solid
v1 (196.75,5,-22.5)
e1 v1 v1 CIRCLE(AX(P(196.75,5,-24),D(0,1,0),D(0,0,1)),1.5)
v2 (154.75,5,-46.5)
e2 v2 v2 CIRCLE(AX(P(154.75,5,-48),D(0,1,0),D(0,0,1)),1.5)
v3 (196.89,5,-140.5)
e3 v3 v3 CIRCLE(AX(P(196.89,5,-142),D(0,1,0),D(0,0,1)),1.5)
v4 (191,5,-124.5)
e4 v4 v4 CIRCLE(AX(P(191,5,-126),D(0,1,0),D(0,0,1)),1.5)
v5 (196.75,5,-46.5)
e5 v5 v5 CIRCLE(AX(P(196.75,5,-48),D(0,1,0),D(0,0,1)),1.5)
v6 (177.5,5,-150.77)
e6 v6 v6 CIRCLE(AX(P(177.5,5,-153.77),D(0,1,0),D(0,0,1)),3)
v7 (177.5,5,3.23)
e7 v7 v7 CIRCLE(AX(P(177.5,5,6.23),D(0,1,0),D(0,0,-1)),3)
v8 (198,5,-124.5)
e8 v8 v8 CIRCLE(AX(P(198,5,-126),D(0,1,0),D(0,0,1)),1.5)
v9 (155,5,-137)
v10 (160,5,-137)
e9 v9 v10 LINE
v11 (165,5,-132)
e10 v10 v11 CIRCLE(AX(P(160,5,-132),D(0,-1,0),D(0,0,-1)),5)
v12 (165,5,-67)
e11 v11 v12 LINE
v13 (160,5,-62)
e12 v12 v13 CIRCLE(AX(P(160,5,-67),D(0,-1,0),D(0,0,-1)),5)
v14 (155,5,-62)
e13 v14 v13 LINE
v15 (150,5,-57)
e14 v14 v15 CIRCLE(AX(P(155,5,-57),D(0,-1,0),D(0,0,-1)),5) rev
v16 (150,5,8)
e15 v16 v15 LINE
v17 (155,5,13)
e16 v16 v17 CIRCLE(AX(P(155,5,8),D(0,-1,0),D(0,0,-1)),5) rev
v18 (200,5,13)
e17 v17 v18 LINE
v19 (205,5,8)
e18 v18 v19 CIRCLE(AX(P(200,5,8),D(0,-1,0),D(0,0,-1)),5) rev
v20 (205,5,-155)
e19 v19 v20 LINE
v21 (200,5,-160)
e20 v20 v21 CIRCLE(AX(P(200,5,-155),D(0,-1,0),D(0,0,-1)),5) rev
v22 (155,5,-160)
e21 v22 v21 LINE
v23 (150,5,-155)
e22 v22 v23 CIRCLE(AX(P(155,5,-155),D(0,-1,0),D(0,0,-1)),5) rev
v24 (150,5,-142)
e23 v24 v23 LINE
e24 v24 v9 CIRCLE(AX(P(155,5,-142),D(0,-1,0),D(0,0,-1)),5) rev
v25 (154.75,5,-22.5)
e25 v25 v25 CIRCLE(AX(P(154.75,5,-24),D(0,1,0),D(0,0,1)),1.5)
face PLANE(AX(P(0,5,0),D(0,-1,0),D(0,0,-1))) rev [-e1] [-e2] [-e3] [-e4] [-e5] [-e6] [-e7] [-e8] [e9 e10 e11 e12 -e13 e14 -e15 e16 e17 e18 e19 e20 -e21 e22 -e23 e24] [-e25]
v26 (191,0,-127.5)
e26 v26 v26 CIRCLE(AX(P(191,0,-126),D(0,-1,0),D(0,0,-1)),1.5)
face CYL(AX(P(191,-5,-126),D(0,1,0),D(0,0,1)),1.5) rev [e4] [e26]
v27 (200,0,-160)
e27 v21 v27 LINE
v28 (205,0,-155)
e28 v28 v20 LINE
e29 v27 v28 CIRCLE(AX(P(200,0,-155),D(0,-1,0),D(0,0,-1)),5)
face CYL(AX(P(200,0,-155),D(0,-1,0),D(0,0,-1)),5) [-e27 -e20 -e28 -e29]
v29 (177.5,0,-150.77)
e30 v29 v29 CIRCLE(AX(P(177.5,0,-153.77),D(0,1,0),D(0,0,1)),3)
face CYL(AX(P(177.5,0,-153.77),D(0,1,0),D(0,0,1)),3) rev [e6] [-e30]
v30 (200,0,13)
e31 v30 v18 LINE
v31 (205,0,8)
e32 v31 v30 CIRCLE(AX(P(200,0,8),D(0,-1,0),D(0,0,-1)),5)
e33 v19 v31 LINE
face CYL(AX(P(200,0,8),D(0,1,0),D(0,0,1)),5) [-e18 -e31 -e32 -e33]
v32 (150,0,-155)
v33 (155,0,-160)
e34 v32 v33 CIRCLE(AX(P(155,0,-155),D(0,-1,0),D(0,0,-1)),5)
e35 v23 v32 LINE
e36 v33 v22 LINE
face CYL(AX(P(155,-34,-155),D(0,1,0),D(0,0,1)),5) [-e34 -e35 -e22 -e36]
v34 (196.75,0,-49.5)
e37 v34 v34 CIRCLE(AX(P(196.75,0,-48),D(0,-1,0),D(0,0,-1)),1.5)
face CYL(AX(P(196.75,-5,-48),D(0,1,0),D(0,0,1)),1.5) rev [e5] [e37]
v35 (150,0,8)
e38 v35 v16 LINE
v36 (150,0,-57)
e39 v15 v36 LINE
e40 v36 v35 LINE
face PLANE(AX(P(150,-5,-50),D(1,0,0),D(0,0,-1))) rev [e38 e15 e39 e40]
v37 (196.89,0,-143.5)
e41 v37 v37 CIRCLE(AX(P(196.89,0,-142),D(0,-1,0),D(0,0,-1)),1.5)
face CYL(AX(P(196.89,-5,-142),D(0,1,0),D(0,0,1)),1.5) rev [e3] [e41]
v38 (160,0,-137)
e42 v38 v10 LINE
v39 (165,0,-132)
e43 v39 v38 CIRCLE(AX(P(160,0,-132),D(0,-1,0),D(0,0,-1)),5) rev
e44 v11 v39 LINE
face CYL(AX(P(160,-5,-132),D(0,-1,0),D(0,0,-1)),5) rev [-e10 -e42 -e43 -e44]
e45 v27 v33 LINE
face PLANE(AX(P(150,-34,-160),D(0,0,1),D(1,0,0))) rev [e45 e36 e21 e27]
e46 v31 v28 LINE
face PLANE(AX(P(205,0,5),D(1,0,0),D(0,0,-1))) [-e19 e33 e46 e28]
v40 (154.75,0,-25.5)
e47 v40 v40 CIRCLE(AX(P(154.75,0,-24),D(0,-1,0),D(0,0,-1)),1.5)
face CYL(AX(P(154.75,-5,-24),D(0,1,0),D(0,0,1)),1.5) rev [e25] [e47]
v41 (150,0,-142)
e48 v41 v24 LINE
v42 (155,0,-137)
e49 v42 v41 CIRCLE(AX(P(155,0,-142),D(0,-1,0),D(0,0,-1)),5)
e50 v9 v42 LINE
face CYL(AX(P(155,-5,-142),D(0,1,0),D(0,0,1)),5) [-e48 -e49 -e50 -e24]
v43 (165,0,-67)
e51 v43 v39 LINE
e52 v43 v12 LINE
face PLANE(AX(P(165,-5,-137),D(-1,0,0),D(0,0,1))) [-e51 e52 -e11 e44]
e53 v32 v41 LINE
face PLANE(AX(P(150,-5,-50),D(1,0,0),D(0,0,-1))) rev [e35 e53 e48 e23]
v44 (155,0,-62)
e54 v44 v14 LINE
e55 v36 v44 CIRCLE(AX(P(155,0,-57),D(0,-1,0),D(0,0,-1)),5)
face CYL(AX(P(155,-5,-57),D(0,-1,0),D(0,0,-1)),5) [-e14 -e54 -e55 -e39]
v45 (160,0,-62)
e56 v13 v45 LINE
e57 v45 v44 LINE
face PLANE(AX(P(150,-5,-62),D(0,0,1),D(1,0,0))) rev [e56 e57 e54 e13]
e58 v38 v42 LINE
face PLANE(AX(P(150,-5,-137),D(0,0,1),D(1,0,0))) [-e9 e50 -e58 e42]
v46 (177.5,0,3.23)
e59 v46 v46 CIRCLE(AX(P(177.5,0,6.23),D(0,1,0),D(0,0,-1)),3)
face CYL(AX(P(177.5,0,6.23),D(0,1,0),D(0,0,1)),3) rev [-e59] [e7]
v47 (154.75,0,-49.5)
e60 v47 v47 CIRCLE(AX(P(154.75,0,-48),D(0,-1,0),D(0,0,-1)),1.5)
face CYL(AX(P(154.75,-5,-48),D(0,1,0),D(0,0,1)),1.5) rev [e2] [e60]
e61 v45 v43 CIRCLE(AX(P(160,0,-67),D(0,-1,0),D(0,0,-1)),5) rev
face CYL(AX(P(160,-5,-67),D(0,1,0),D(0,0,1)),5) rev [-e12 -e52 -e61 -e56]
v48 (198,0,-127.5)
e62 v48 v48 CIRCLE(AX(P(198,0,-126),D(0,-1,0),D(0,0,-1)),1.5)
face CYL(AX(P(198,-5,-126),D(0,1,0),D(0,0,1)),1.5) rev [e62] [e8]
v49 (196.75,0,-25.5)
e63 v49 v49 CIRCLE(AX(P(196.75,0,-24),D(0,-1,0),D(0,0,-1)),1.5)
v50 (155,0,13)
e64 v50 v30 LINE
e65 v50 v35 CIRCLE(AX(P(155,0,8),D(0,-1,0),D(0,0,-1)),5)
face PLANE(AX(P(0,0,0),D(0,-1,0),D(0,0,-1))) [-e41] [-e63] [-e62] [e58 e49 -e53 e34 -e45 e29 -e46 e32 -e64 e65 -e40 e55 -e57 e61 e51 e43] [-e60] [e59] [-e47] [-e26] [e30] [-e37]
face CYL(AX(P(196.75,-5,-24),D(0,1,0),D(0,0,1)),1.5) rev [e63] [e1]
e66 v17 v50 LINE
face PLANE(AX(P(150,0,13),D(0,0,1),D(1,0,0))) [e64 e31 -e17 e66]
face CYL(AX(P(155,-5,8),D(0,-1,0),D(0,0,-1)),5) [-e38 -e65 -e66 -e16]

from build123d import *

# Parameters (mm, degrees)
SKETCH1_W           = 200
SKETCH1_H           = 200
BOSS_EXTRUDE1_DEPTH = 5
SKETCH2_W           = 100
SKETCH2_H           = 100
CUT_EXTRUDE1_DEPTH  = 10
FILLET1_R           = 10
FILLET2_R           = 10
SKETCH3_R           = 3
CUT_EXTRUDE2_DEPTH  = 10
SKETCH4_R           = 1.5
CUT_EXTRUDE3_DEPTH  = 10
SKETCH5_W           = 210
SKETCH5_H           = 210
BOSS_EXTRUDE2_DEPTH = 5
FILLET3_R           = 10
CIRPATTERN1_COUNT   = 4
SKETCH6_OUTSIDE_W   = 271.406
SKETCH6_OUTSIDE_H   = 271.406
SKETCH6_OUTSIDE_W_2 = 55
SKETCH6_OUTSIDE_H_2 = 132
CUT_EXTRUDE4_DEPTH  = 10
SKETCH8_W           = 55
SKETCH8_H           = 30
BOSS_EXTRUDE3_DEPTH = 5
SKETCH9_R           = 3
CUT_EXTRUDE6_DEPTH  = 5
SKETCH11_W          = 55
SKETCH11_H          = 19
CUT_EXTRUDE7_DEPTH  = 39
FILLET6_R           = 5
SKETCH12_W          = 15
SKETCH12_H          = 75
CUT_EXTRUDE8_DEPTH  = 10
FILLET7_R           = 5


with BuildPart() as part:
    # Sketch1 → Boss-Extrude1 (new body)
    with BuildSketch(Plane(origin=(0, 0, 0), x_dir=(1, 0, 0), z_dir=(0, 1, 0))):
        with Locations((100, 100)):
            Rectangle(SKETCH1_W, SKETCH1_H)
    extrude(amount=BOSS_EXTRUDE1_DEPTH)

    # Sketch2 → Cut-Extrude1 (cut)
    with BuildSketch(Plane(origin=(0, 5, 0), x_dir=(1, 0, 0), z_dir=(0, 1, 0))):
        with Locations((100, 100)):
            Rectangle(SKETCH2_W, SKETCH2_H)
    extrude(amount=-CUT_EXTRUDE1_DEPTH, mode=Mode.SUBTRACT)

    # Fillet1
    fillet1_edges = [part.edges().sort_by_distance(p)[0] for p in [
        (50, 2.5, -50),
        (150, 2.5, -50),
        (150, 2.5, -150),
        (50, 2.5, -150),
    ]]
    fillet(fillet1_edges, radius=FILLET1_R)

    # Fillet2
    fillet2_edges = [part.edges().sort_by_distance(p)[0] for p in [
        (200, 2.5, 0),
        (0, 2.5, 0),
        (0, 2.5, -200),
        (200, 2.5, -200),
    ]]
    fillet(fillet2_edges, radius=FILLET2_R)

    # Sketch3 → Cut-Extrude2 (cut)
    with BuildSketch(Plane(origin=(0, 5, 0), x_dir=(1, 0, 0), z_dir=(0, 1, 0))):
        with Locations((10, 190)):
            Circle(SKETCH3_R)
        with Locations((190, 190)):
            Circle(SKETCH3_R)
        with Locations((190, 10)):
            Circle(SKETCH3_R)
        with Locations((10, 10)):
            Circle(SKETCH3_R)
    extrude(amount=-CUT_EXTRUDE2_DEPTH, mode=Mode.SUBTRACT)

    # Sketch4 → Cut-Extrude3 (cut)
    with BuildSketch(Plane(origin=(0, 5, 0), x_dir=(1, 0, 0), z_dir=(0, 1, 0))):
        with Locations((198, 126)):
            Circle(SKETCH4_R)
        with Locations((191, 126)):
            Circle(SKETCH4_R)
        with Locations((196.89, 142)):
            Circle(SKETCH4_R)
        with Locations((154.75, 48)):
            Circle(SKETCH4_R)
        with Locations((196.75, 48)):
            Circle(SKETCH4_R)
        with Locations((196.75, 24)):
            Circle(SKETCH4_R)
        with Locations((154.75, 24)):
            Circle(SKETCH4_R)
        with Locations((242.150033952, -166.330778193)):
            Circle(SKETCH4_R)
        with Locations((285.400033952, -64.330778193)):
            Circle(SKETCH4_R)
        with Locations((242.150033952, -142.330778193)):
            Circle(SKETCH4_R)
        with Locations((284.290033952, -48.330778193)):
            Circle(SKETCH4_R)
        with Locations((284.150033952, -142.330778193)):
            Circle(SKETCH4_R)
        with Locations((284.150033952, -166.330778193)):
            Circle(SKETCH4_R)
        with Locations((278.400033952, -64.330778193)):
            Circle(SKETCH4_R)
    cut_extrude3 = extrude(amount=-CUT_EXTRUDE3_DEPTH, mode=Mode.SUBTRACT)

    # Sketch5 → Boss-Extrude2 (add)
    with BuildSketch(Plane(origin=(0, 5, 0), x_dir=(1, 0, 0), z_dir=(0, 1, 0))):
        with Locations((100, 100)):
            Rectangle(SKETCH5_W, SKETCH5_H)
        with BuildLine():
            Line((0, 190), (0, 10))
            ThreePointArc((0, 10), (2.928932188, 2.928932188), (10, 0))
            Line((10, 0), (190, 0))
            ThreePointArc((190, 0), (197.071067812, 2.928932188), (200, 10))
            Line((200, 10), (200, 190))
            ThreePointArc((200, 190), (197.071067812, 197.071067812), (190, 200))
            Line((190, 200), (10, 200))
            ThreePointArc((10, 200), (2.928932188, 197.071067812), (0, 190))
        make_face(mode=Mode.SUBTRACT)
    extrude(amount=-BOSS_EXTRUDE2_DEPTH)

    # Fillet3
    fillet3_edges = [part.edges().sort_by_distance(p)[0] for p in [
        (205, 2.5, -205),
        (-5, 2.5, -205),
        (-5, 2.5, 5),
        (205, 2.5, 5),
    ]]
    fillet(fillet3_edges, radius=FILLET3_R)

    # CirPattern1: Cut-Extrude3 ×4 about axis
    cirpattern1_axis = Axis((100, 5.25, -100), (0, -1, 0))
    for i in range(1, CIRPATTERN1_COUNT):
        add(cut_extrude3.rotate(cirpattern1_axis, i * 360 / CIRPATTERN1_COUNT), mode=Mode.SUBTRACT)

    # Sketch6 outside → Cut-Extrude4 (cut)
    with BuildSketch(Plane(origin=(0, 5, 0), x_dir=(1, 0, 0), z_dir=(0, 1, 0))):
        with Locations((100, 100)):
            Rectangle(SKETCH6_OUTSIDE_W, SKETCH6_OUTSIDE_H)
        with Locations((177.5, 83)):
            Rectangle(SKETCH6_OUTSIDE_W_2, SKETCH6_OUTSIDE_H_2, mode=Mode.SUBTRACT)
    extrude(amount=-CUT_EXTRUDE4_DEPTH, mode=Mode.SUBTRACT)

    # Sketch8 → Boss-Extrude3 (add)
    with BuildSketch(Plane(origin=(0, 5, 0), x_dir=(1, 0, 0), z_dir=(0, 1, 0))):
        with Locations((177.5, 2)):
            Rectangle(SKETCH8_W, SKETCH8_H)
        with Locations((177.5, 164)):
            Rectangle(SKETCH8_W, SKETCH8_H)
    extrude(amount=-BOSS_EXTRUDE3_DEPTH)

    # Sketch9 → Cut-Extrude6 (cut)
    with BuildSketch(Plane(origin=(0, 5, 0), x_dir=(1, 0, 0), z_dir=(0, 1, 0))):
        with Locations((177.5, 153.77)):
            Circle(SKETCH9_R)
        with Locations((177.5, -6.23)):
            Circle(SKETCH9_R)
    extrude(amount=-CUT_EXTRUDE6_DEPTH, mode=Mode.SUBTRACT)

    # Sketch11 → Cut-Extrude7 (cut)
    with BuildSketch(Plane(origin=(0, 5, 0), x_dir=(1, 0, 0), z_dir=(0, 1, 0))):
        with Locations((177.5, 169.5)):
            Rectangle(SKETCH11_W, SKETCH11_H)
    extrude(amount=-CUT_EXTRUDE7_DEPTH, mode=Mode.SUBTRACT)

    # Fillet6
    fillet6_edges = [part.edges().sort_by_distance(p)[0] for p in [
        (205, 2.5, 13),
        (150, 2.5, 13),
        (150, 2.5, -160),
        (205, 2.5, -160),
    ]]
    fillet(fillet6_edges, radius=FILLET6_R)

    # Sketch12 → Cut-Extrude8 (cut)
    with BuildSketch(Plane(origin=(0, 5, 0), x_dir=(1, 0, 0), z_dir=(0, 1, 0))):
        with Locations((157.5, 99.5)):
            Rectangle(SKETCH12_W, SKETCH12_H)
    extrude(amount=-CUT_EXTRUDE8_DEPTH, mode=Mode.SUBTRACT)

    # Fillet7
    fillet7_edges = [part.edges().sort_by_distance(p)[0] for p in [
        (165, 2.5, -137),
        (165, 2.5, -62),
        (150, 2.5, -62),
        (150, 2.5, -137),
    ]]
    fillet(fillet7_edges, radius=FILLET7_R)


solid = part.part
